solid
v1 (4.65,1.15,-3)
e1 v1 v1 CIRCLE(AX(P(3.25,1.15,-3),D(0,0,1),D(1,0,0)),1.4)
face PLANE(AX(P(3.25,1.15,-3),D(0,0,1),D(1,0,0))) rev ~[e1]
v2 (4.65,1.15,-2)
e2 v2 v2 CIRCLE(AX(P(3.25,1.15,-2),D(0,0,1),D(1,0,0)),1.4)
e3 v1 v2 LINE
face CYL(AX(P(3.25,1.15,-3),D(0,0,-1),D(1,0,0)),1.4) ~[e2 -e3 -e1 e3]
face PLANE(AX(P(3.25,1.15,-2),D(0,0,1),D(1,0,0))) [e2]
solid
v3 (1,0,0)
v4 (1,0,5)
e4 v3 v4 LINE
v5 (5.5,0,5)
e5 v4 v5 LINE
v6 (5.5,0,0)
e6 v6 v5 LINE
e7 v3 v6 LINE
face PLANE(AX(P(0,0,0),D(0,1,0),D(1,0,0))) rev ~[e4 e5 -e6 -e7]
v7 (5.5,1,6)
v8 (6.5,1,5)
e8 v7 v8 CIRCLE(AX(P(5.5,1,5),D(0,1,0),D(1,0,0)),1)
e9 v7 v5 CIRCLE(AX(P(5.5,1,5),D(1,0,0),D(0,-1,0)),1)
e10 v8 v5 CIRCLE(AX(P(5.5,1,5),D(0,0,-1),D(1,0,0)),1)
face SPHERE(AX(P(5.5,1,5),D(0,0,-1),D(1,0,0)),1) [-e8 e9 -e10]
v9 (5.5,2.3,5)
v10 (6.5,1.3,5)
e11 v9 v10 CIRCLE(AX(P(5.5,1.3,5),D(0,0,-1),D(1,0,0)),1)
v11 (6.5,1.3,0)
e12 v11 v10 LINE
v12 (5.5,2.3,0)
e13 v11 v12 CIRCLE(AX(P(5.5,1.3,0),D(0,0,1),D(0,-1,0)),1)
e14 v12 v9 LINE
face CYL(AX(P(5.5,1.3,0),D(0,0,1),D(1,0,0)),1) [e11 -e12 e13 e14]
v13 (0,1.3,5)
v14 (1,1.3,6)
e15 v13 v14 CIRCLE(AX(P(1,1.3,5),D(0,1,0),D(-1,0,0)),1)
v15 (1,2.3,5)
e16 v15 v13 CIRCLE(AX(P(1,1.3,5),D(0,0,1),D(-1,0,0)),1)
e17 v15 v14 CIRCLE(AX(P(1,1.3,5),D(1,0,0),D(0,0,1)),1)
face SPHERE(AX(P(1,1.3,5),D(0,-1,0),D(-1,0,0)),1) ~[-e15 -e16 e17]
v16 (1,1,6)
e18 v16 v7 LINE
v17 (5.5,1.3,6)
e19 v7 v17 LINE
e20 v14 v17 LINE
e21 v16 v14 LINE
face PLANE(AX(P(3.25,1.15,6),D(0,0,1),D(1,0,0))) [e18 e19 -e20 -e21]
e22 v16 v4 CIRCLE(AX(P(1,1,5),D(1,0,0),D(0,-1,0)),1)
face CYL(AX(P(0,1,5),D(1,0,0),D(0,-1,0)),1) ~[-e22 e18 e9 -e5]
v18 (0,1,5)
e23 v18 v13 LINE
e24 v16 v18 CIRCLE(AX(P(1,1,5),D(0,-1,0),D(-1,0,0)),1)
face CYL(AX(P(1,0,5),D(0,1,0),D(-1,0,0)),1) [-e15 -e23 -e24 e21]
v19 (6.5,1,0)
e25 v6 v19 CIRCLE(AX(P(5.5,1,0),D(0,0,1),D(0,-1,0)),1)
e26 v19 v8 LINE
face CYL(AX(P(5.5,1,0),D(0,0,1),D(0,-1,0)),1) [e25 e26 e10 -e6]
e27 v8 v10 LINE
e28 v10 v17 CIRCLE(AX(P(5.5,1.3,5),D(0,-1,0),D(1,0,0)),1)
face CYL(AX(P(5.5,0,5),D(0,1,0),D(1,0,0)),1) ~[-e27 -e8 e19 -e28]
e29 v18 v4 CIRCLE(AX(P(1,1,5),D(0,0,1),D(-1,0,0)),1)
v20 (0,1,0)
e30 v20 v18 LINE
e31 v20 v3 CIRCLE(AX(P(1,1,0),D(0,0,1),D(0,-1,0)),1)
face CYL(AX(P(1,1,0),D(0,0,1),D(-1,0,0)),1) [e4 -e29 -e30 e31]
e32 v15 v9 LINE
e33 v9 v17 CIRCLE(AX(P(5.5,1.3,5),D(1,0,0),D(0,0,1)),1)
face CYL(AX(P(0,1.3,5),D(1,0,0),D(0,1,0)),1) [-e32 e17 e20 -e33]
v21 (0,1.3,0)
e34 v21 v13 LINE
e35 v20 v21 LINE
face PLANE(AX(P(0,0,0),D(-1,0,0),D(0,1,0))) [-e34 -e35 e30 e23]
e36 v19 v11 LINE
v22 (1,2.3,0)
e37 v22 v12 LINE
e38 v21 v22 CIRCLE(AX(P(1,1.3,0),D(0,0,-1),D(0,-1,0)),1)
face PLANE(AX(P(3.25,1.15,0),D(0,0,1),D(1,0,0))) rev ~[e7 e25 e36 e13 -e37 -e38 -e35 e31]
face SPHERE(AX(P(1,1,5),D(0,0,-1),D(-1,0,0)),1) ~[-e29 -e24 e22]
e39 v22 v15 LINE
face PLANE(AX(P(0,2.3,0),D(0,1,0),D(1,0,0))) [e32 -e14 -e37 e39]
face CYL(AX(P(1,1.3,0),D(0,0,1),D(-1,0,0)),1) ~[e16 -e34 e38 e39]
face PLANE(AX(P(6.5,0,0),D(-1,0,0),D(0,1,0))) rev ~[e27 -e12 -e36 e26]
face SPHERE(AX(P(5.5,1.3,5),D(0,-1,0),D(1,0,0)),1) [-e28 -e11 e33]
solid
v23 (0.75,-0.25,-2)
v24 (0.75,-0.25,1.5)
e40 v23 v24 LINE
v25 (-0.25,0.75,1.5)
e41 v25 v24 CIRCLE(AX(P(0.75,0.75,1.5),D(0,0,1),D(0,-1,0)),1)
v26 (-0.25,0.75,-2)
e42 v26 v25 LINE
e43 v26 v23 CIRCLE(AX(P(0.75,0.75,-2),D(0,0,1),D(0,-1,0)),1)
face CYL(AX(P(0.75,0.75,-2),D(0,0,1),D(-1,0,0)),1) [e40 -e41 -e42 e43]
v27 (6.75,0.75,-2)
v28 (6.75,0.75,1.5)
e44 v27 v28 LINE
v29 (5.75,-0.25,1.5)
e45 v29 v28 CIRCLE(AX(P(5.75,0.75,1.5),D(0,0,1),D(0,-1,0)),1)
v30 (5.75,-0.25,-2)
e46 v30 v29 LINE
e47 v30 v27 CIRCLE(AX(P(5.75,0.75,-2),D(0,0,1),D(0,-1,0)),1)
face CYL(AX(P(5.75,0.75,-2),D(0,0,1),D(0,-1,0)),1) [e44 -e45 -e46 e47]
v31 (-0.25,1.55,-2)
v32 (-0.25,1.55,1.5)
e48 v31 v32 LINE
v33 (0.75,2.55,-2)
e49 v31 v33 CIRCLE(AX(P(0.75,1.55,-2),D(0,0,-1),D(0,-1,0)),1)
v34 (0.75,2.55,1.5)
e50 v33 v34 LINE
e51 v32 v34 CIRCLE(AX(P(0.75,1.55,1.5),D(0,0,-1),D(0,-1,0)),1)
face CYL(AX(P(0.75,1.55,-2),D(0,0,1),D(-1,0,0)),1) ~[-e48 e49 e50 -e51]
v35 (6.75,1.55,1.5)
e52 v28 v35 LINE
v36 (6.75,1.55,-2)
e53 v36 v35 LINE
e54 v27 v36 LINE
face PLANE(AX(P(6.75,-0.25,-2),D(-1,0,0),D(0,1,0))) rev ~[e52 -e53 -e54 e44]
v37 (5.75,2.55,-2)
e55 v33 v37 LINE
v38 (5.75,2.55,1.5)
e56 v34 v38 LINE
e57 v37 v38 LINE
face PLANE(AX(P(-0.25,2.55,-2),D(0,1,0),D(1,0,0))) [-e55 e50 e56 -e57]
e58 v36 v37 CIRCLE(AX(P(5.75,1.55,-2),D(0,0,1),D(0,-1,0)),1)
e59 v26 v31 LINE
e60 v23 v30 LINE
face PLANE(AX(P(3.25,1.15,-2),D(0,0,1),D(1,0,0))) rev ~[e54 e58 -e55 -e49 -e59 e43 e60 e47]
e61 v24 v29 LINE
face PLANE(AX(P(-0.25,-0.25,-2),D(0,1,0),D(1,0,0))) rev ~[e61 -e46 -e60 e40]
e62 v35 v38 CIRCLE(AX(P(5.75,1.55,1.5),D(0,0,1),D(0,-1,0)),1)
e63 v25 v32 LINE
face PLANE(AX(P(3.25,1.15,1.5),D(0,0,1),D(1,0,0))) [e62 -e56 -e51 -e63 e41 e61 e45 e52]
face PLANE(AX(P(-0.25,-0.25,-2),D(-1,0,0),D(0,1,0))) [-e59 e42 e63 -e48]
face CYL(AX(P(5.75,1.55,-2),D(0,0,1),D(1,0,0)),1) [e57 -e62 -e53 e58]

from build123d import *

# Parameters (mm, degrees)
BOX_W          = 6.5
BOX_H          = 2.3
BOX_DEPTH      = 6
FILLET_R       = 1
BOX001_W       = 7
BOX001_H       = 2.8
BOX001_DEPTH   = 3.5
FILLET001_R    = 1
CYLINDER_R     = 1.4
CYLINDER_DEPTH = 1


with BuildPart() as fillet_body:
    # Box → Box (new body)
    with BuildSketch(Plane.XY):
        with Locations((3.25, 1.15)):
            Rectangle(BOX_W, BOX_H)
    extrude(amount=BOX_DEPTH)

    # Fillet
    fillet_edges = [fillet_body.edges().sort_by_distance(p)[0] for p in [
        (0, 0, 3),
        (0, 1.15, 6),
        (0, 2.3, 3),
        (6.5, 0, 3),
        (6.5, 1.15, 6),
        (6.5, 2.3, 3),
        (3.25, 0, 6),
        (3.25, 2.3, 6),
    ]]
    fillet(fillet_edges, radius=FILLET_R)


with BuildPart() as fillet001:
    # Box001 → Box001 (new body)
    with BuildSketch(Plane(origin=(-0.25, -0.25, -2), x_dir=(1, 0, 0), z_dir=(0, 0, 1))):
        with Locations((3.5, 1.4)):
            Rectangle(BOX001_W, BOX001_H)
    extrude(amount=BOX001_DEPTH)

    # Fillet001
    fillet001_edges = [fillet001.edges().sort_by_distance(p)[0] for p in [
        (-0.25, -0.25, -0.25),
        (-0.25, 2.55, -0.25),
        (6.75, -0.25, -0.25),
        (6.75, 2.55, -0.25),
    ]]
    fillet(fillet001_edges, radius=FILLET001_R)


with BuildPart() as cylinder:
    # Cylinder → Cylinder (new body)
    with BuildSketch(Plane(origin=(3.25, 1.15, -3), x_dir=(1, 0, 0), z_dir=(0, 0, 1))):
        Circle(CYLINDER_R)
    extrude(amount=CYLINDER_DEPTH)


solid = Compound([fillet_body.part, fillet001.part, cylinder.part])
